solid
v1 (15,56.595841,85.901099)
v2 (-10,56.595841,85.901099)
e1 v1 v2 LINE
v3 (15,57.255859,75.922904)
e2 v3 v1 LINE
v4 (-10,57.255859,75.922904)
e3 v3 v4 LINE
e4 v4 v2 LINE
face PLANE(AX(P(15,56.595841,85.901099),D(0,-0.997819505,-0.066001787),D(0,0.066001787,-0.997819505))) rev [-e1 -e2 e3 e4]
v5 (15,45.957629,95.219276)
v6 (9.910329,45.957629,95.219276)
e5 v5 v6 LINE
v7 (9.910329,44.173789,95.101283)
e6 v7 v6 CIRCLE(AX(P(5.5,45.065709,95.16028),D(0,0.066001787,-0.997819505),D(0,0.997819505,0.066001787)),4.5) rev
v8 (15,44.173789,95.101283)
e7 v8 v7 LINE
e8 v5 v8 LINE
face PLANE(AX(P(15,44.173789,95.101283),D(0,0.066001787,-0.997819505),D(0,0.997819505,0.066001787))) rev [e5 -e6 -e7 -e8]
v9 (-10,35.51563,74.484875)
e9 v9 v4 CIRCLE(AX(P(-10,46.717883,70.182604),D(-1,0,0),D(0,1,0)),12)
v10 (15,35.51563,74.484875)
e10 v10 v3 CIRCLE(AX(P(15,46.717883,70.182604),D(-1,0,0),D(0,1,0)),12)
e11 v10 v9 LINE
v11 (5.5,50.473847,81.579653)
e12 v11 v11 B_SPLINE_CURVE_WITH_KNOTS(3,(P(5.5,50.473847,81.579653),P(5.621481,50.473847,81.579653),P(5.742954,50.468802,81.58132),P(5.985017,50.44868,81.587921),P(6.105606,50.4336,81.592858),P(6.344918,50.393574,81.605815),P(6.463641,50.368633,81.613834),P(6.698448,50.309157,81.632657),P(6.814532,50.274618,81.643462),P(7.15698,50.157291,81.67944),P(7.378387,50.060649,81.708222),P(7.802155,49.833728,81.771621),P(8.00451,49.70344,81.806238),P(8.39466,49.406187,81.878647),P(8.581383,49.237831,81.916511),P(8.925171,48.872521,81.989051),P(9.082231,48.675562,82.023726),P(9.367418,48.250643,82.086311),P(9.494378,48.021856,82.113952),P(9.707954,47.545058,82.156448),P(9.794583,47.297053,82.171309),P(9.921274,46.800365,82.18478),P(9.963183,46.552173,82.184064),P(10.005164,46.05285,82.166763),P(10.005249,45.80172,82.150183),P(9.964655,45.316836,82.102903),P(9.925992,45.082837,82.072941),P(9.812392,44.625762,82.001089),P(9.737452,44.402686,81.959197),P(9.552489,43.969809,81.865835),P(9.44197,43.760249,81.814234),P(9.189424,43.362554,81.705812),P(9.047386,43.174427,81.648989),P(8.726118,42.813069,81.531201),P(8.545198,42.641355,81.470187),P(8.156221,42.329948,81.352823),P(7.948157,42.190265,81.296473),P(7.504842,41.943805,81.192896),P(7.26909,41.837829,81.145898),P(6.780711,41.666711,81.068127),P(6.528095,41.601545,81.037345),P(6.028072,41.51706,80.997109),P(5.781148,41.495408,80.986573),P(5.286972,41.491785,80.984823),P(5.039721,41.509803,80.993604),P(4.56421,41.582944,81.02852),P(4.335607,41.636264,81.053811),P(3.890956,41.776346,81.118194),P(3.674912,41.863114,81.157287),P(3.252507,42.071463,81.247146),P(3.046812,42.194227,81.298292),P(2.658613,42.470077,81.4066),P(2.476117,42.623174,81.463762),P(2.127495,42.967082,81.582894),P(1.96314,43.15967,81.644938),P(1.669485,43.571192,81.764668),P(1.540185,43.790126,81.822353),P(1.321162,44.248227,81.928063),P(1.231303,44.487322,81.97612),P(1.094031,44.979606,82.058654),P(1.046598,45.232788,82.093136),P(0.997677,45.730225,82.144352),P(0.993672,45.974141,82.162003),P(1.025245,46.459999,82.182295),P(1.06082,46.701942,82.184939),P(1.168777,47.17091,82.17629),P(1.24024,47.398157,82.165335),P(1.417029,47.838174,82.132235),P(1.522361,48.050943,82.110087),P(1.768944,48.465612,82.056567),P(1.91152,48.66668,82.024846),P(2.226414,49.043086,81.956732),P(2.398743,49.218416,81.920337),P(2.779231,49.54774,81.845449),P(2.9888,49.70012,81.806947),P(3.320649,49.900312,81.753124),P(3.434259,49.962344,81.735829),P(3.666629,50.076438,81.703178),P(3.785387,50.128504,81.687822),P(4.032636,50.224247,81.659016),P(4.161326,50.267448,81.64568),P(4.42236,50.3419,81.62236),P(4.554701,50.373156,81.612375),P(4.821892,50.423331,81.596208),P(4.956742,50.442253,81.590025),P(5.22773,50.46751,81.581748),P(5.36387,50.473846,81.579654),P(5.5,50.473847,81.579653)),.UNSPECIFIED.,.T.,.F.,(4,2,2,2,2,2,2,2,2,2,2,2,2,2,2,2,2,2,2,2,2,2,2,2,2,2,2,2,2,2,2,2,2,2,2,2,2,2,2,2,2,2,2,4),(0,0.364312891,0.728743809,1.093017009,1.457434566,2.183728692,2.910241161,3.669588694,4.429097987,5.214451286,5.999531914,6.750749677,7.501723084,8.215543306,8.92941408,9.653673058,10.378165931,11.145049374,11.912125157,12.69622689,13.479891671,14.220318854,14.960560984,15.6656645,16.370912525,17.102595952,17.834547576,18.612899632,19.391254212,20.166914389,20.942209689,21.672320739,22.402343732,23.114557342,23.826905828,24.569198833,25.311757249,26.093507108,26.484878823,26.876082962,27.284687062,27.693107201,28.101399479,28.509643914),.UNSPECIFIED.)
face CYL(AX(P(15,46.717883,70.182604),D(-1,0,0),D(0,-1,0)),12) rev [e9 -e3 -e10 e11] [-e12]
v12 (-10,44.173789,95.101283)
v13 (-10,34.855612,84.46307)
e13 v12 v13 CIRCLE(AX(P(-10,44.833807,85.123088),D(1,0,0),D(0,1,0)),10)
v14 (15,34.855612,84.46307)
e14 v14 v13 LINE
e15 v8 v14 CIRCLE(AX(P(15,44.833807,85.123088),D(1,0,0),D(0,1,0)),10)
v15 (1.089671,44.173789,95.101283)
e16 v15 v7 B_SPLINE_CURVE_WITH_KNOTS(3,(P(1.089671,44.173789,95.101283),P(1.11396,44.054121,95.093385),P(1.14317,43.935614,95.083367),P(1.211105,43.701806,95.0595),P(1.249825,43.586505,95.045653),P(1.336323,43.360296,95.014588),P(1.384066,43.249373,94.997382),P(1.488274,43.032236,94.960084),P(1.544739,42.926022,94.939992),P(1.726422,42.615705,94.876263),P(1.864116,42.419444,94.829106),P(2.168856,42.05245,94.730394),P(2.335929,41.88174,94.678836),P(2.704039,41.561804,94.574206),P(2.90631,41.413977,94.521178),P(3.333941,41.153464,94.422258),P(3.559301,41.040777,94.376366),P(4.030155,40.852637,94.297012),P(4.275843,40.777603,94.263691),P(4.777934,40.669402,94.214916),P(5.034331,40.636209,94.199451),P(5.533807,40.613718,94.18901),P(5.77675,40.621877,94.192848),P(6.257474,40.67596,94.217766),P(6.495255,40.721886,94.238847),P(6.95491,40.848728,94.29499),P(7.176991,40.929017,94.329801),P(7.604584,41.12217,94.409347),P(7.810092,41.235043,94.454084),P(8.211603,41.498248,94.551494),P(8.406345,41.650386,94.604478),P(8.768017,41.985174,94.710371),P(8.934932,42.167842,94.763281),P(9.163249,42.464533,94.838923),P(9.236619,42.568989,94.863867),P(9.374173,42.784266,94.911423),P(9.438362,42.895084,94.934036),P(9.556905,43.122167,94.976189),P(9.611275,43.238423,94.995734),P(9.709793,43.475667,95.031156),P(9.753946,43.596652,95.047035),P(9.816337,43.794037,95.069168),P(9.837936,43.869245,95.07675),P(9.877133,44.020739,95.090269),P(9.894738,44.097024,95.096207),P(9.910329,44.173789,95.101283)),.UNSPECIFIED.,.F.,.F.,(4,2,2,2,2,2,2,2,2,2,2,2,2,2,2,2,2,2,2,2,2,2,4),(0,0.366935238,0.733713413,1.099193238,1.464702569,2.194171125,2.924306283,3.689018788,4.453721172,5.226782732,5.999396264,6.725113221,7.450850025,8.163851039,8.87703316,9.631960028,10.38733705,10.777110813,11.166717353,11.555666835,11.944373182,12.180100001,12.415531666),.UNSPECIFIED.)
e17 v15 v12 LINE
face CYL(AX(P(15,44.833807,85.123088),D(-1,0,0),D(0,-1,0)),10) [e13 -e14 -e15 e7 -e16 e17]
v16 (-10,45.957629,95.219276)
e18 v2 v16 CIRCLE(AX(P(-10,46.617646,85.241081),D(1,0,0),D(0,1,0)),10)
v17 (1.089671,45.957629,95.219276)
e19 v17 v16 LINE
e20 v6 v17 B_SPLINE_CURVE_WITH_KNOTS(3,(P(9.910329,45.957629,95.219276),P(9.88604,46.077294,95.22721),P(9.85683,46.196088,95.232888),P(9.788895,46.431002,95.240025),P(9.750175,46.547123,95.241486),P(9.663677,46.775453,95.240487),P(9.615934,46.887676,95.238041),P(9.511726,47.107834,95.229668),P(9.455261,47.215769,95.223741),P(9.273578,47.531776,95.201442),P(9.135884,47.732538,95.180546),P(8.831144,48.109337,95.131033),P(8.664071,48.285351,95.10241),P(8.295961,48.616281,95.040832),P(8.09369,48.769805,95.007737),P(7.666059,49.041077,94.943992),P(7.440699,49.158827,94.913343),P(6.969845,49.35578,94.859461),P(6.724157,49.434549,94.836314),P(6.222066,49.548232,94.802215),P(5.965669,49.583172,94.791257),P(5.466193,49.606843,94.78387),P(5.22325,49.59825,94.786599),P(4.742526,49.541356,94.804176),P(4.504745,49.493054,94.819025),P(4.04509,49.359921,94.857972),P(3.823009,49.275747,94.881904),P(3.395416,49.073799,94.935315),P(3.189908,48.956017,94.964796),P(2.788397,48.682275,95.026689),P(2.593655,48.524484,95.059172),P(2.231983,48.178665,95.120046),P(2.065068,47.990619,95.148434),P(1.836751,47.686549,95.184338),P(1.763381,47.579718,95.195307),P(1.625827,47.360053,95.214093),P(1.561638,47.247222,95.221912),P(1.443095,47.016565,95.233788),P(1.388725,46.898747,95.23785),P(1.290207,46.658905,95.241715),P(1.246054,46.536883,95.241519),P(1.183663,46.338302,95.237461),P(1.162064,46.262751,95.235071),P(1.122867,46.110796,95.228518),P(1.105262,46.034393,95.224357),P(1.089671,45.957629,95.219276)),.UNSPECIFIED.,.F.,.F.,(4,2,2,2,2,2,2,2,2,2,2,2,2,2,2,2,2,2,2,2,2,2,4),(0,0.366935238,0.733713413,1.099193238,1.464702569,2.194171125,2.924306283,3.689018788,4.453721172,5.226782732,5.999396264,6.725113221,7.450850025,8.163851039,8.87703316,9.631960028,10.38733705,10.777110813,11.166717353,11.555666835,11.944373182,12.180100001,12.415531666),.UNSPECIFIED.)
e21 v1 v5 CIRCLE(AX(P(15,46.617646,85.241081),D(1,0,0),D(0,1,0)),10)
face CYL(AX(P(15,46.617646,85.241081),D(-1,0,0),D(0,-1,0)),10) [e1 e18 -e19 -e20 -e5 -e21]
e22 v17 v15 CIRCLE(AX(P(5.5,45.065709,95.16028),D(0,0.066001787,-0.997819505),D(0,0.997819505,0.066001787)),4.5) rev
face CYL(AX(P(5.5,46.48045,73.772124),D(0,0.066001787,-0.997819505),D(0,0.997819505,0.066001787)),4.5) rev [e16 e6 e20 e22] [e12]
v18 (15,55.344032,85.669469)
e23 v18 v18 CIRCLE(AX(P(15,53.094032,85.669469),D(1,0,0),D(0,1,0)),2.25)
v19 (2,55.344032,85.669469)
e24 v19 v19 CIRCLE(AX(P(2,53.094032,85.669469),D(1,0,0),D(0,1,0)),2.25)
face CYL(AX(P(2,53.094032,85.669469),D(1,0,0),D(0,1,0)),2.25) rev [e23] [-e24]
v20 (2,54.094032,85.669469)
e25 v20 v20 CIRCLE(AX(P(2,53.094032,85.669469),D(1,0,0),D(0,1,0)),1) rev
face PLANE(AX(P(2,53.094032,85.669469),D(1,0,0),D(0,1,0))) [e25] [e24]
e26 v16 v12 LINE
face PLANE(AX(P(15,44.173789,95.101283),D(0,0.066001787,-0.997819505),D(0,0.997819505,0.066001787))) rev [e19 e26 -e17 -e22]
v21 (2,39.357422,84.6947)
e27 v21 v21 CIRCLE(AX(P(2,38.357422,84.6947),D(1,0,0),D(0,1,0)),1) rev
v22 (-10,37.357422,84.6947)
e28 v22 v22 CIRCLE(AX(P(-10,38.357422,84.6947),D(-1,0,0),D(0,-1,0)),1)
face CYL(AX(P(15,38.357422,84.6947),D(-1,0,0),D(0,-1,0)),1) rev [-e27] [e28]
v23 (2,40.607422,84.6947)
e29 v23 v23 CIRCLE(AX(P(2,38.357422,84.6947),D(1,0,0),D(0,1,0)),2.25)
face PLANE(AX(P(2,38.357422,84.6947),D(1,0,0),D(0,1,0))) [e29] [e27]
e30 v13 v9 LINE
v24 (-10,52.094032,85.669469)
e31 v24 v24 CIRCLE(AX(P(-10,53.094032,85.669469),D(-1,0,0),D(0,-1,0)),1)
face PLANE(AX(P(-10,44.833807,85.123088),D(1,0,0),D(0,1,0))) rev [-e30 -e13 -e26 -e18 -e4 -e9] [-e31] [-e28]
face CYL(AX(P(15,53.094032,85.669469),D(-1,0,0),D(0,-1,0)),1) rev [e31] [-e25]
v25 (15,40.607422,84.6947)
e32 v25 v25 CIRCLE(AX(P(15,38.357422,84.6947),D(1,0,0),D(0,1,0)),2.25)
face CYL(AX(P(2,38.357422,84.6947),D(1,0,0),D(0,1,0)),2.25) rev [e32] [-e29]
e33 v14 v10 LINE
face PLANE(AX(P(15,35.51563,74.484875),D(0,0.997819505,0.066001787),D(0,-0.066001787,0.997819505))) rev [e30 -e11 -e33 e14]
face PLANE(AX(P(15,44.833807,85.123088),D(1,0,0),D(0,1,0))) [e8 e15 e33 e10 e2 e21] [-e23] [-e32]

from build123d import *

# Parameters (mm, degrees)
BOSS_EXTRUDE1_DEPTH     = 25
CUT_EXTRUDE1_DEPTH      = 118.647905993
CUT_EXTRUDE1_DEPTH_BACK = 118.647905993
SKETCH2_R               = 4.5
SKETCH4_R               = 1
CUT_EXTRUDE3_DEPTH      = 114.903893928
SKETCH5_R               = 2.25
CUT_EXTRUDE4_DEPTH      = 13


with BuildPart() as part:
    # Sketch1 → Boss-Extrude1 (new body)
    with BuildSketch(Plane(origin=(-10, 0, 0), x_dir=(0, 0, -1), z_dir=(1, 0, 0))):
        with BuildLine():
            Line((-95.101282582, 44.173788963), (-95.219276466, 45.957628532))
            ThreePointArc((-95.219276466, 45.957628532), (-92.763433913, 53.206592673), (-85.901099289, 56.595841451))
            Line((-85.901099289, 56.595841451), (-75.922904242, 57.255859321))
            ThreePointArc((-75.922904242, 57.255859321), (-82.156438236, 45.925861069), (-74.484874616, 35.515629656))
            Line((-74.484874616, 35.515629656), (-84.463069663, 34.855611786))
            ThreePointArc((-84.463069663, 34.855611786), (-91.712033804, 37.311454339), (-95.101282582, 44.173788963))
        make_face()
    extrude(amount=BOSS_EXTRUDE1_DEPTH)

    # Sketch2 → Cut-Extrude1 (cut, two sides: drawn at the far end of the back side and taken through both)
    with BuildSketch(Plane(origin=(0, 0.216574413, -6.555528357), x_dir=(1, 0, 0), z_dir=(0, -0.06600178707669223, 0.9978195047716211)).offset(-CUT_EXTRUDE1_DEPTH_BACK)):
        with Locations(Location((5.5, 51.464766105, 0), (0, 0, 90))):
            Circle(SKETCH2_R)
    extrude(amount=CUT_EXTRUDE1_DEPTH + CUT_EXTRUDE1_DEPTH_BACK, mode=Mode.SUBTRACT)

    # Sketch4 → Cut-Extrude3 (cut, through all)
    with BuildSketch(Plane.ZY.offset(10)):
        with Locations(Location((85.669468509, 53.094031558, 0), (0, 0, 270))):
            Circle(SKETCH4_R)
        with Locations(Location((84.694700444, 38.357421678, 0), (0, 0, 270))):
            Circle(SKETCH4_R)
    extrude(amount=-CUT_EXTRUDE3_DEPTH, mode=Mode.SUBTRACT)

    # Sketch5 → Cut-Extrude4 (cut)
    with BuildSketch(Plane(origin=(15, 0, 0), x_dir=(0, 0, -1), z_dir=(1, 0, 0))):
        with Locations(Location((-84.694700444, 38.357421678, 0), (0, 0, 90))):
            Circle(SKETCH5_R)
        with Locations(Location((-85.669468509, 53.094031558, 0), (0, 0, 90))):
            Circle(SKETCH5_R)
    extrude(amount=-CUT_EXTRUDE4_DEPTH, mode=Mode.SUBTRACT)


solid = part.part
